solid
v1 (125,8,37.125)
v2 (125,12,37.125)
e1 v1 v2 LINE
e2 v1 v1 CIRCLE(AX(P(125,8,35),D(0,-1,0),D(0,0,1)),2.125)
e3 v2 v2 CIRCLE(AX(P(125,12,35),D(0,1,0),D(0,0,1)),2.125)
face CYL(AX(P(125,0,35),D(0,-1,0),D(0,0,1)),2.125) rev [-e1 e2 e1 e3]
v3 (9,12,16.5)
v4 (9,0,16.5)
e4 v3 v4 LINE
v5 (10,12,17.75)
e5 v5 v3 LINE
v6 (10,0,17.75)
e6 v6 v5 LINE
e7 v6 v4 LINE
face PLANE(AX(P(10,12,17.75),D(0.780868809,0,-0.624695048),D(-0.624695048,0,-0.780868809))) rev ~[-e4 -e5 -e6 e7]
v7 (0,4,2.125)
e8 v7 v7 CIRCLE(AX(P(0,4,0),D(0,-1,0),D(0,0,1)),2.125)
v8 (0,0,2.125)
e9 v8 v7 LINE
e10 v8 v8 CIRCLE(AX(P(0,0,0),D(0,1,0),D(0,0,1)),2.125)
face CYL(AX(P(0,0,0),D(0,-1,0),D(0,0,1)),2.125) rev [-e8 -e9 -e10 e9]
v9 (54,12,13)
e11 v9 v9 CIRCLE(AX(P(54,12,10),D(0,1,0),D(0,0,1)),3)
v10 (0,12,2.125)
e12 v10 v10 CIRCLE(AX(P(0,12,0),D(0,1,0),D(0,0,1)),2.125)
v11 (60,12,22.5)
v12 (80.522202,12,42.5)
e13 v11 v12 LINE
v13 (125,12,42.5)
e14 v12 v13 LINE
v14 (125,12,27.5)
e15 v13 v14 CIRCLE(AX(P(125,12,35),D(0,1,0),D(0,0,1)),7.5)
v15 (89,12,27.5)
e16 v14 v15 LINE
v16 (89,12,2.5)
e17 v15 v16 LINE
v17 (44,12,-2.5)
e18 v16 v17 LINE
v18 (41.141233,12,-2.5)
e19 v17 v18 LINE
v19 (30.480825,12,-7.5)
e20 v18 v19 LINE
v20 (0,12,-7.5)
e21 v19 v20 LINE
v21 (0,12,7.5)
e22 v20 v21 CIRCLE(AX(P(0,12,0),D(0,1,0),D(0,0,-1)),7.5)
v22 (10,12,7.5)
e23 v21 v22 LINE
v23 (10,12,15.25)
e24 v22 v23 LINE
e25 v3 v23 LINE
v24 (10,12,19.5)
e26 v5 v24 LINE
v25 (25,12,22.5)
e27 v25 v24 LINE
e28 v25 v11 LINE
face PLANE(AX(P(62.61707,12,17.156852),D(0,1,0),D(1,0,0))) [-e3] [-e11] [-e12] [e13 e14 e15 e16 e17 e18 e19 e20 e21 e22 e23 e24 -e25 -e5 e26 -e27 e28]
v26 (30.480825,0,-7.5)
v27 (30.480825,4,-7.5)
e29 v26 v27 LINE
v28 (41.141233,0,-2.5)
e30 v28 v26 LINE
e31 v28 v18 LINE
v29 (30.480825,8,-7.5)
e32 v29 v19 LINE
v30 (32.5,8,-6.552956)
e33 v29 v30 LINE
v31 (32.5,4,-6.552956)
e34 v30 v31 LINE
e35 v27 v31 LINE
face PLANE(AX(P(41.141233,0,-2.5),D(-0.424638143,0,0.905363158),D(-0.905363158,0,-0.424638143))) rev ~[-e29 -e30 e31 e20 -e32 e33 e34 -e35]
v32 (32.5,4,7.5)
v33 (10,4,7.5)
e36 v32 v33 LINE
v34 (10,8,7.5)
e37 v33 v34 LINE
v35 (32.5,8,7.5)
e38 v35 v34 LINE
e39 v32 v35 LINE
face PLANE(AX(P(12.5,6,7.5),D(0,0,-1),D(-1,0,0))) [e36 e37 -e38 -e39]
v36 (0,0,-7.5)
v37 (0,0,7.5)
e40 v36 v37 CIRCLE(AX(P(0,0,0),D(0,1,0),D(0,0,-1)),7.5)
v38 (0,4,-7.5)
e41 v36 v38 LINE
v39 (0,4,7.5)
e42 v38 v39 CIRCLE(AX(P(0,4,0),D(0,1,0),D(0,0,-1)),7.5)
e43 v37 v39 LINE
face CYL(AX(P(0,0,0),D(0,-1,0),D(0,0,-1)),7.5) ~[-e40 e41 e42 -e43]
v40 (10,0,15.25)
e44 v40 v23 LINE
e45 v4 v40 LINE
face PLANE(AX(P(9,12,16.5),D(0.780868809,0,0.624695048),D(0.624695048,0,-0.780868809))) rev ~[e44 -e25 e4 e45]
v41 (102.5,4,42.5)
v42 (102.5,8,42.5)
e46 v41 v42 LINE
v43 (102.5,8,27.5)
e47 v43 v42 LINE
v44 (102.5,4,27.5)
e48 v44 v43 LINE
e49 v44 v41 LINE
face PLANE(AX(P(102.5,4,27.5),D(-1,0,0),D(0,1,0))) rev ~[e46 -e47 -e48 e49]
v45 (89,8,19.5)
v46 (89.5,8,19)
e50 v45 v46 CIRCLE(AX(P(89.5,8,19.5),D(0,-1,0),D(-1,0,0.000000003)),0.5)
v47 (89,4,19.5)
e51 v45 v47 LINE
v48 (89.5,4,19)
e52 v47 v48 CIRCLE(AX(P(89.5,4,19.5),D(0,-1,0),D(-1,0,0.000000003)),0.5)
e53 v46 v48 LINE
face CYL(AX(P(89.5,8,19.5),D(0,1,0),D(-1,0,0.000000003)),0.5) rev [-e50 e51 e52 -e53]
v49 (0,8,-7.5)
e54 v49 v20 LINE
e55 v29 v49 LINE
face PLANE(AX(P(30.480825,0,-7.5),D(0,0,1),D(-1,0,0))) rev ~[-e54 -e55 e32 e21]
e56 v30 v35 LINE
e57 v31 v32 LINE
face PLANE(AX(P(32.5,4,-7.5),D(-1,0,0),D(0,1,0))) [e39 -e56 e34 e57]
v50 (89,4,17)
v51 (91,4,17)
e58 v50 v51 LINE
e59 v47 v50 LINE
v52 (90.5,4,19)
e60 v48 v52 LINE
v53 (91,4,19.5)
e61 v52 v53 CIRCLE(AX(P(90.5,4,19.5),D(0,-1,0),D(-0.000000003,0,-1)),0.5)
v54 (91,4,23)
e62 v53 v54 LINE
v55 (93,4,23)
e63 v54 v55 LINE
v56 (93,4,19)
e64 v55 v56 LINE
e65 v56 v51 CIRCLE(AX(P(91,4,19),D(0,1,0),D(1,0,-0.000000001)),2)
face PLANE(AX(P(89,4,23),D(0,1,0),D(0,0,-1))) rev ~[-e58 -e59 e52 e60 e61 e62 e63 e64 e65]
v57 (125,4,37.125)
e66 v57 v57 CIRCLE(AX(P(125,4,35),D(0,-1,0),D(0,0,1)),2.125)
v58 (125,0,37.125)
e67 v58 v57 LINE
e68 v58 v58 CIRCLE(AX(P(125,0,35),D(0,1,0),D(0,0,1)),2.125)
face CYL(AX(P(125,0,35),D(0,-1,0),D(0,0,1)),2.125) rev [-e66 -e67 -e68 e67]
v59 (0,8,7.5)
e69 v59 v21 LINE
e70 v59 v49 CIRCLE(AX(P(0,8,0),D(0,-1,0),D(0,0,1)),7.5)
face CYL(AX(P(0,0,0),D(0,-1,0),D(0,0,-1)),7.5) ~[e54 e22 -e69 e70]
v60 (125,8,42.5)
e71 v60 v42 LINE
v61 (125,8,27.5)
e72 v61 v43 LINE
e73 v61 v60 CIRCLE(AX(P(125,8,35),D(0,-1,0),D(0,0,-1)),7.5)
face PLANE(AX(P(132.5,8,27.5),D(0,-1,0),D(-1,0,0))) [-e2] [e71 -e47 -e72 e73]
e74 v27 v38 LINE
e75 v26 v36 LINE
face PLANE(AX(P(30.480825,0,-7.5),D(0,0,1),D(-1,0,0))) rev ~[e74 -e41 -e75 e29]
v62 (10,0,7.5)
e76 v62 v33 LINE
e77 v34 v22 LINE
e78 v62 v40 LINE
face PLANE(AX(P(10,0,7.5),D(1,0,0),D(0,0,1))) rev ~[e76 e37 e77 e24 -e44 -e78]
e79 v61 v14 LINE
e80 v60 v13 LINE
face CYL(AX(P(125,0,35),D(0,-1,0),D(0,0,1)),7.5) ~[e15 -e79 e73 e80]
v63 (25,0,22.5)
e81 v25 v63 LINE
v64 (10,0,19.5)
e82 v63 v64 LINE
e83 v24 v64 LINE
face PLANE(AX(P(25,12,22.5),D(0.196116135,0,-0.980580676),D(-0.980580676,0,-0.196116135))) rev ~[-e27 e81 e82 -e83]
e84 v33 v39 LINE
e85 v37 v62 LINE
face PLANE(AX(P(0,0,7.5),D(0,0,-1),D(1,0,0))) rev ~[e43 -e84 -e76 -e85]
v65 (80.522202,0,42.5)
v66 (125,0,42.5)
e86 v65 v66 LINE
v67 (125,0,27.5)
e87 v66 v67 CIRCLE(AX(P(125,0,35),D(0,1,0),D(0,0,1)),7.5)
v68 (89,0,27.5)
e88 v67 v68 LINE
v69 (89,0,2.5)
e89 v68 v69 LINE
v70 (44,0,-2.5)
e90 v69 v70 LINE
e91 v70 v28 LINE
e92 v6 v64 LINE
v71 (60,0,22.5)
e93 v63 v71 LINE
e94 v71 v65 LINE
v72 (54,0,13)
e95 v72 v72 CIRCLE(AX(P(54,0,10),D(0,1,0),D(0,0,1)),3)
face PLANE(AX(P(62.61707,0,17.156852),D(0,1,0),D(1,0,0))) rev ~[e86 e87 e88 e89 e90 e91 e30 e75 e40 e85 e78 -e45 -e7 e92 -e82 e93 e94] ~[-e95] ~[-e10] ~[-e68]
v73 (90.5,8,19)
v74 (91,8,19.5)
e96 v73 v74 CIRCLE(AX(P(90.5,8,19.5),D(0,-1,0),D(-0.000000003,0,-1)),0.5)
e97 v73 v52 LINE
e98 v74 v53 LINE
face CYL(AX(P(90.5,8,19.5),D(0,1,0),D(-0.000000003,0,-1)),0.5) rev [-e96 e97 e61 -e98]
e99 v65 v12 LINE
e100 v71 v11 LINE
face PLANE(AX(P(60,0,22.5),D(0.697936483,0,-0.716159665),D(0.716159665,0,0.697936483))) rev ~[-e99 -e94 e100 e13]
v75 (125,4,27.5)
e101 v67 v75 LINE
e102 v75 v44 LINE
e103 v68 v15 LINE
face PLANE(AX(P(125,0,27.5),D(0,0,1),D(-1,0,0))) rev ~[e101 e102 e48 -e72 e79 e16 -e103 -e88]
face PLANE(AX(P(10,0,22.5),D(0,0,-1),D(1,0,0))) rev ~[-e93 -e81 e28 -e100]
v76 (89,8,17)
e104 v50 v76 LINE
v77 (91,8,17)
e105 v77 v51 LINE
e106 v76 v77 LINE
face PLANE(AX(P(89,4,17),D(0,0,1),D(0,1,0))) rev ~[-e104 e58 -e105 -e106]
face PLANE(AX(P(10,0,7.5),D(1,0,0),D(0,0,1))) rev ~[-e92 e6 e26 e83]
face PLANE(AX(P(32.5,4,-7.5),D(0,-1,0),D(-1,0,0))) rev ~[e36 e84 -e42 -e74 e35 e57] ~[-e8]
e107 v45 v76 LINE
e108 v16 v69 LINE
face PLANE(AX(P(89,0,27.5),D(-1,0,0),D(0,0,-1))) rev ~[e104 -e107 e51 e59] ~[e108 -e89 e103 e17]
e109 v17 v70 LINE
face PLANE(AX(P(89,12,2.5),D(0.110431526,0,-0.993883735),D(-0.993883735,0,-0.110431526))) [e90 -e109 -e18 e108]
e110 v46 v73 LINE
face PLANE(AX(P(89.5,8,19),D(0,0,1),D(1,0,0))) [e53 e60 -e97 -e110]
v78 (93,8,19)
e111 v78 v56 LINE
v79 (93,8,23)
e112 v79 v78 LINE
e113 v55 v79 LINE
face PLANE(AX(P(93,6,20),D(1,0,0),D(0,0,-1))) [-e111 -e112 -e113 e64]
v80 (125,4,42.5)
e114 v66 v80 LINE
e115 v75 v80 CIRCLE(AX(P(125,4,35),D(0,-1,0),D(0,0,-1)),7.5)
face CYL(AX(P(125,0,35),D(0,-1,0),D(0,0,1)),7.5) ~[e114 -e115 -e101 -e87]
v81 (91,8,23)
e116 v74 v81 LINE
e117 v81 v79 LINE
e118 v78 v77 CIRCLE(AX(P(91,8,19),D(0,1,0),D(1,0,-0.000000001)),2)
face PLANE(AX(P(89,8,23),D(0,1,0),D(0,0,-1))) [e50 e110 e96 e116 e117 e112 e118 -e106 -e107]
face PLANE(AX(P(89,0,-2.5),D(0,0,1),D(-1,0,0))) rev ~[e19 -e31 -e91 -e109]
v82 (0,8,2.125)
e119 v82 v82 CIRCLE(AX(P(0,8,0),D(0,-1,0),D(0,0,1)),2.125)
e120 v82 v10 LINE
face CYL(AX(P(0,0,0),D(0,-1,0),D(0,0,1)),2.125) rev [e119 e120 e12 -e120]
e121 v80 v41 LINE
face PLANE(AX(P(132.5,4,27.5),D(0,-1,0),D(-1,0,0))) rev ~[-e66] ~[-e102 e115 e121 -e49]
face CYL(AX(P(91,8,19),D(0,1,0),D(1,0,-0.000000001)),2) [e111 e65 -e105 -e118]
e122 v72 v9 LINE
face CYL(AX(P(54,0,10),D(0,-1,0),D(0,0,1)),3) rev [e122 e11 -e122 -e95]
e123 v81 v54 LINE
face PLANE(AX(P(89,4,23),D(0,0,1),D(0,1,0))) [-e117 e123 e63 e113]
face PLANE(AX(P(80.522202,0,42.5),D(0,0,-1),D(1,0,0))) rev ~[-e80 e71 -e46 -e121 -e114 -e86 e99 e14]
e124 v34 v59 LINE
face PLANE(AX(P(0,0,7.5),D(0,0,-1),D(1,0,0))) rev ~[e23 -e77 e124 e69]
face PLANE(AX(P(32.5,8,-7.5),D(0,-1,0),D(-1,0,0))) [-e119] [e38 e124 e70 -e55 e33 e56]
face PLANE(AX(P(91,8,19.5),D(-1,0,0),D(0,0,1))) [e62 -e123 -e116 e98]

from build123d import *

# Parameters (mm, degrees)
SKETCH1_R           = 2.125
SKETCH1_R_2         = 3
BOSS_EXTRUDE1_DEPTH = 12
SKETCH2_W           = 40
SKETCH2_H           = 4
SLOT1_CUT_DEPTH     = 15
SKETCH3_W           = 30
SKETCH3_H           = 4
SLOT2_CUT_DEPTH     = 138.569073559
CUT_EXTRUDE3_DEPTH  = 140.665672232
SKETCH5_W           = 6
SKETCH5_H           = 4
BOSS_EXTRUDE2_DEPTH = 4
CUT_EXTRUDE4_DEPTH  = 4
SKETCH7_W           = 2.5
SKETCH7_H           = 12
BOSS_EXTRUDE3_DEPTH = 1
CUT_EXTRUDE5_DEPTH  = 140.665672232


with BuildPart() as part:
    # Sketch1 → Boss-Extrude1 (new body)
    with BuildSketch(Plane(origin=(0, 0, 0), x_dir=(1, 0, 0), z_dir=(0, 1, 0))):
        with BuildLine():
            Line((0, -7.5), (10, -7.5))
            Line((10, -7.5), (10, -22.5))
            Line((10, -22.5), (60, -22.5))
            Line((60, -22.5), (80.52220172, -42.5))
            Line((80.52220172, -42.5), (125, -42.5))
            ThreePointArc((125, -42.5), (132.5, -35), (125, -27.5))
            Line((125, -27.5), (89, -27.5))
            Line((89, -27.5), (89, 2.5))
            Line((89, 2.5), (41.141232585, 2.5))
            Line((41.141232585, 2.5), (30.480824737, 7.5))
            Line((30.480824737, 7.5), (0, 7.5))
            ThreePointArc((0, 7.5), (-7.5, 0), (0, -7.5))
        make_face()
        with Locations(Location((0, 0, 0), (0, 0, 270))):
            Circle(SKETCH1_R, mode=Mode.SUBTRACT)
        with Locations(Location((125, -35, 0), (0, 0, 270))):
            Circle(SKETCH1_R, mode=Mode.SUBTRACT)
        with Locations(Location((54, -10, 0), (0, 0, 270))):
            Circle(SKETCH1_R_2, mode=Mode.SUBTRACT)
    extrude(amount=BOSS_EXTRUDE1_DEPTH)

    # Sketch2 → Slot1 Cut (cut)
    with BuildSketch(Plane(origin=(0, 0, -7.5), x_dir=(-1, 0, 0), z_dir=(0, 0, -1))):
        with Locations((-12.5, 6)):
            Rectangle(SKETCH2_W, SKETCH2_H)
    extrude(amount=-SLOT1_CUT_DEPTH, mode=Mode.SUBTRACT)

    # Sketch3 → Slot2 Cut (cut, through all)
    with BuildSketch(Plane(origin=(0, 0, 27.5), x_dir=(-1, 0, 0), z_dir=(0, 0, -1))):
        with Locations((-117.5, 6)):
            Rectangle(SKETCH3_W, SKETCH3_H)
    extrude(amount=-SLOT2_CUT_DEPTH, mode=Mode.SUBTRACT)

    # Sketch4 → Cut-Extrude3 (cut, through all)
    with BuildSketch(Plane(origin=(0, 12, 0), x_dir=(1, 0, 0), z_dir=(0, 1, 0))):
        Polygon((10, -19.5), (10, -22.5), (25, -22.5), align=None)
        Polygon((44, 2.5), (89, 2.5), (89, -2.5), align=None)
    extrude(amount=-CUT_EXTRUDE3_DEPTH, mode=Mode.SUBTRACT)

    # Sketch5 → Boss-Extrude2 (add)
    with BuildSketch(Plane(origin=(89, 0, 0), x_dir=(0, 0, -1), z_dir=(1, 0, 0))):
        with Locations((-20, 6)):
            Rectangle(SKETCH5_W, SKETCH5_H)
    extrude(amount=BOSS_EXTRUDE2_DEPTH)

    # Sketch6 → Cut-Extrude4 (cut)
    with BuildSketch(Plane(origin=(0, 8, 0), x_dir=(1, 0, 0), z_dir=(0, 1, 0))):
        with BuildLine():
            Line((91, -23), (89, -23))
            Line((89, -23), (89, -19.5))
            ThreePointArc((89, -19.5), (89.146446609, -19.146446609), (89.5, -19))
            Line((89.5, -19), (90.5, -19))
            ThreePointArc((90.5, -19), (90.853553391, -19.146446609), (91, -19.5))
            Line((91, -19.5), (91, -23))
        make_face()
        with BuildLine():
            Line((91, -17), (93, -17))
            Line((93, -17), (93, -19))
            ThreePointArc((93, -19), (92.414213562, -17.585786438), (91, -17))
        make_face()
    extrude(amount=-CUT_EXTRUDE4_DEPTH, mode=Mode.SUBTRACT)

    # Sketch7 → Boss-Extrude3 (add)
    with BuildSketch(Plane.ZY.offset(-10)):
        with Locations((16.5, 6)):
            Rectangle(SKETCH7_W, SKETCH7_H)
    extrude(amount=BOSS_EXTRUDE3_DEPTH)

    # Sketch8 → Cut-Extrude5 (cut, through all)
    with BuildSketch(Plane(origin=(0, 12, 0), x_dir=(1, 0, 0), z_dir=(0, 1, 0))):
        Polygon((9, -16.5), (10, -15.25), (9, -15.25), align=None)
        Polygon((10, -17.75), (9, -16.5), (9, -17.75), align=None)
    extrude(amount=-CUT_EXTRUDE5_DEPTH, mode=Mode.SUBTRACT)


solid = part.part
